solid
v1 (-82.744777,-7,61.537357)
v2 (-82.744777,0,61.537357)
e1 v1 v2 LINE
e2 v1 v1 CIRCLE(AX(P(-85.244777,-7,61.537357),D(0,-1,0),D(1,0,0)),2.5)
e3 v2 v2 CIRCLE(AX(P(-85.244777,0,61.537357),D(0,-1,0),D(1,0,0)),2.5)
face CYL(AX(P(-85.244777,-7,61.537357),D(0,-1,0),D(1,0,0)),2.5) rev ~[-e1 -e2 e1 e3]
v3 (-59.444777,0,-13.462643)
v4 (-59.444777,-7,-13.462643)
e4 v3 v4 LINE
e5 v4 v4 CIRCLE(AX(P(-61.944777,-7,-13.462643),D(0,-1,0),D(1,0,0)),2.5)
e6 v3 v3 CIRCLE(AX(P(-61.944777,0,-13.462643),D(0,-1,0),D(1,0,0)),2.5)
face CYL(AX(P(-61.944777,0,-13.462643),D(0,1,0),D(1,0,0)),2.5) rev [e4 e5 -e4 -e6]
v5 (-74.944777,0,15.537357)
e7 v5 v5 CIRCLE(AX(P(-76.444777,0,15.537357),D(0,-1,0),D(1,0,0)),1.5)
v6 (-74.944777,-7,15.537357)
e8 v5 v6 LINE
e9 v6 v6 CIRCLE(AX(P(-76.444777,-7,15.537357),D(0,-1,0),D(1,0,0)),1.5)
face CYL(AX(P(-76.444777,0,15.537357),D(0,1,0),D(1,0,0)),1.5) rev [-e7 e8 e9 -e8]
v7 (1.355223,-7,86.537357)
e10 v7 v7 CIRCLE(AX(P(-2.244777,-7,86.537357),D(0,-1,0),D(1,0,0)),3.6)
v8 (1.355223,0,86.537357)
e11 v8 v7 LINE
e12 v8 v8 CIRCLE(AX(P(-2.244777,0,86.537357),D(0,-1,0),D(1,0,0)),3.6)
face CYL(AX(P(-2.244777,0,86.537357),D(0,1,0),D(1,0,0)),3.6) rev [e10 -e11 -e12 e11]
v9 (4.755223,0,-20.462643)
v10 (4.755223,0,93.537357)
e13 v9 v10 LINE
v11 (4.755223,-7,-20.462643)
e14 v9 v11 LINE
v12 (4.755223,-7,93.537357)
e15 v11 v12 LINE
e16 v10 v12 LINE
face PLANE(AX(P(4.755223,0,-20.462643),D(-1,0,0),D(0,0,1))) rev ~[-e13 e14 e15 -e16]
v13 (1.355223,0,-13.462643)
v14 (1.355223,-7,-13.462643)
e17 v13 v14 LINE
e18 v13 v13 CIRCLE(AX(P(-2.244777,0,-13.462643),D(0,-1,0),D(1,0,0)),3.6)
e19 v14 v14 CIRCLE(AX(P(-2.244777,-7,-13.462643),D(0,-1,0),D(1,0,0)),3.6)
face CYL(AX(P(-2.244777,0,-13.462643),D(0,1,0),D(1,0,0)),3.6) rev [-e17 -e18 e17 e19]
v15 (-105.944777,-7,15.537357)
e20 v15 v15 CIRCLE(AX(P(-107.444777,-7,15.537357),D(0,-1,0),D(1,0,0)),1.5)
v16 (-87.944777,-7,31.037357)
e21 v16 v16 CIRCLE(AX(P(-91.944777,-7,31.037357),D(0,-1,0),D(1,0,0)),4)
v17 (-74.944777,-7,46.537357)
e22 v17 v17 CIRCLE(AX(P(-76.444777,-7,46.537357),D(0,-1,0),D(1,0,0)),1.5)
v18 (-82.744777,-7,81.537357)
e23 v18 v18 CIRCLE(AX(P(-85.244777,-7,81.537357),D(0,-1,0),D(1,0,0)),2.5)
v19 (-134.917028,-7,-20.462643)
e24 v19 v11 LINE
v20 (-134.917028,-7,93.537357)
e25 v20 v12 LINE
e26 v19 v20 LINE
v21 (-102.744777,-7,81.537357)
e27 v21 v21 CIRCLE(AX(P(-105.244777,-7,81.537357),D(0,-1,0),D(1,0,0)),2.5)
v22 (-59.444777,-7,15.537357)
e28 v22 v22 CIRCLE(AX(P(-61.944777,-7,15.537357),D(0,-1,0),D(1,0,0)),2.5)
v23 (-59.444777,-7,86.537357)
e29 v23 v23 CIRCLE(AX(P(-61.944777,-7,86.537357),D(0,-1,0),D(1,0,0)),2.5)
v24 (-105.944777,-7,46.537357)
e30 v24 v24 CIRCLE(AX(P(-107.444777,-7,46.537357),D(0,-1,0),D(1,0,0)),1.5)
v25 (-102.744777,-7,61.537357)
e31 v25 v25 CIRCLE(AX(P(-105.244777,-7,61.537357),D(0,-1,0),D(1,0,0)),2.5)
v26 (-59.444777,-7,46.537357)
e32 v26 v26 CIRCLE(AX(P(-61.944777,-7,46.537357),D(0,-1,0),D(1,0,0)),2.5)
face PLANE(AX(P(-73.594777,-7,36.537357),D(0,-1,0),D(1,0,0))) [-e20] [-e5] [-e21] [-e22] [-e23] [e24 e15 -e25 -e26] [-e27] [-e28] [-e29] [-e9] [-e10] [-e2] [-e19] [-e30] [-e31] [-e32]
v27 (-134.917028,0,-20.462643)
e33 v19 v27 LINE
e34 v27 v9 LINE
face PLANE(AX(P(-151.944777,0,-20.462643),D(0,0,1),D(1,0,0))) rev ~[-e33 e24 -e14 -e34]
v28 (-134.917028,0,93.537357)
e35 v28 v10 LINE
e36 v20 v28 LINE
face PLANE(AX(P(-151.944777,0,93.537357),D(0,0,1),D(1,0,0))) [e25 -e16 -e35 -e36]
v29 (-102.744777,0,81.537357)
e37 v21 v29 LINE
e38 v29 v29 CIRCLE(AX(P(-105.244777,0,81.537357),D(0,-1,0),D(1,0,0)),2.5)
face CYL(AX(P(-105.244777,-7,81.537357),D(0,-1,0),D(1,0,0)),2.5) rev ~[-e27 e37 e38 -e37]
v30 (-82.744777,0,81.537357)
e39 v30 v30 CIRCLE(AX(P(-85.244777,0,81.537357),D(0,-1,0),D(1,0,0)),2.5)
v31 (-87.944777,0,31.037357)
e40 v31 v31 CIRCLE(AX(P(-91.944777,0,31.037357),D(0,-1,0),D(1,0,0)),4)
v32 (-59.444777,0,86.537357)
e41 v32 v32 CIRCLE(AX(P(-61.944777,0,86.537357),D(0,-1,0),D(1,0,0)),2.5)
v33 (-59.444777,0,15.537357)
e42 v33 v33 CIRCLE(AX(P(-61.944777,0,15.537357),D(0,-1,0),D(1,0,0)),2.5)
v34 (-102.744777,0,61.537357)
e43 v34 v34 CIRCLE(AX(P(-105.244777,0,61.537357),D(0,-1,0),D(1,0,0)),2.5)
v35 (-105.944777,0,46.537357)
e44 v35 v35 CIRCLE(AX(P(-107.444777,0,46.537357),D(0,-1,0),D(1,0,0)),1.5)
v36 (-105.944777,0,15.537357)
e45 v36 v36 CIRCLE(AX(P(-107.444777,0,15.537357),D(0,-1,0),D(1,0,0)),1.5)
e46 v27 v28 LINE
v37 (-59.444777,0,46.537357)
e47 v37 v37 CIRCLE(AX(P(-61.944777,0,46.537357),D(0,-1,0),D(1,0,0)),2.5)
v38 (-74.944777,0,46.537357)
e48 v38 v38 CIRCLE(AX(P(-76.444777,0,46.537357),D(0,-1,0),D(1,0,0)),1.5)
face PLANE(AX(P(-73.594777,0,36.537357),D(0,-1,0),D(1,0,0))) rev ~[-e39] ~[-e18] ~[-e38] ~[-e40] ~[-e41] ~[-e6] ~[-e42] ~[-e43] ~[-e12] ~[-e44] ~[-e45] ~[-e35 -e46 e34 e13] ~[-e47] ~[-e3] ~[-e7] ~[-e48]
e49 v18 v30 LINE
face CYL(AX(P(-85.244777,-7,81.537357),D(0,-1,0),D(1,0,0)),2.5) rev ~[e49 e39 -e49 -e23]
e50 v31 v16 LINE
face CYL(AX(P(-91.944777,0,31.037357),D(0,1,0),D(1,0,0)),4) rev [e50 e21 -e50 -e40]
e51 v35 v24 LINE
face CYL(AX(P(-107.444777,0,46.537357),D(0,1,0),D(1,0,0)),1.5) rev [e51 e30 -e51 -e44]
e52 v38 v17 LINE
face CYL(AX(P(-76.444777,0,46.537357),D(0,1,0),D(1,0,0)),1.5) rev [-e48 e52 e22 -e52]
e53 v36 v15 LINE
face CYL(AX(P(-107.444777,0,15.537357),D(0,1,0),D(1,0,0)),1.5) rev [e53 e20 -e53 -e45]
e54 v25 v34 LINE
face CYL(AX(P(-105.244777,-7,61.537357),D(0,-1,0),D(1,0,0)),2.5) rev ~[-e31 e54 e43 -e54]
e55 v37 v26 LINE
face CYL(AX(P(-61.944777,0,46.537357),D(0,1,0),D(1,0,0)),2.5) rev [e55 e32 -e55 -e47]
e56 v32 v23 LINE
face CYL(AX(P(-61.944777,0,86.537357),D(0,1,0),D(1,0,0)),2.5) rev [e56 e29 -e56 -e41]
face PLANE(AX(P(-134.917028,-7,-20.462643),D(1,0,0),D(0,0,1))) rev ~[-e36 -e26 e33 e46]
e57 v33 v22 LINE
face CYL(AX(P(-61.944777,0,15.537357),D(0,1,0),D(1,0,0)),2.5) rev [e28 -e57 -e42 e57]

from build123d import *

# Parameters (mm, degrees)
F0_W     = 156.7
F0_H     = 114
F0_R     = 1.5
F0_R_2   = 11
F0_R_3   = 2.5
F0_R_4   = 3.6
F0_R_5   = 4
F1_DEPTH = 7
F2_R     = 2.5
F2_W     = 17.027749
F2_H     = 114
F3_DEPTH = 25


with BuildPart() as f1:
    # F0 (on Front) → F1 (new body)
    with BuildSketch(Plane.XZ):
        with Locations((-73.594777, 36.537357)):
            Rectangle(F0_W, F0_H)
        with Locations((-107.444777, 15.537357)):
            Circle(F0_R, mode=Mode.SUBTRACT)
        with Locations((-76.444777, 15.537357)):
            Circle(F0_R, mode=Mode.SUBTRACT)
        with Locations((-91.944777, 31.037357)):
            Circle(F0_R_2, mode=Mode.SUBTRACT)
        with Locations((-61.944777, -13.462643)):
            Circle(F0_R_3, mode=Mode.SUBTRACT)
        with Locations((-2.244777, -13.462643)):
            Circle(F0_R_4, mode=Mode.SUBTRACT)
        with Locations((-61.944777, 15.537357)):
            Circle(F0_R_3, mode=Mode.SUBTRACT)
        with Locations((-107.444777, 46.537357)):
            Circle(F0_R, mode=Mode.SUBTRACT)
        with Locations((-76.444777, 46.537357)):
            Circle(F0_R, mode=Mode.SUBTRACT)
        with Locations((-61.944777, 46.537357)):
            Circle(F0_R_3, mode=Mode.SUBTRACT)
        with Locations((-61.944777, 86.537357)):
            Circle(F0_R_3, mode=Mode.SUBTRACT)
        with Locations((-2.244777, 86.537357)):
            Circle(F0_R_4, mode=Mode.SUBTRACT)
        with Locations((-91.944777, 31.037357)):
            Circle(F0_R_2)
        with Locations((-91.944777, 31.037357)):
            Circle(F0_R_5, mode=Mode.SUBTRACT)
    extrude(amount=F1_DEPTH)

    # F2 (on face) → F3 (cut)
    with BuildSketch(Plane.XZ.offset(7)):
        with Locations((-105.244777, 81.537357)):
            Circle(F2_R)
        with Locations((-105.244777, 61.537357)):
            Circle(F2_R)
        with Locations((-85.244777, 61.537357)):
            Circle(F2_R)
        with Locations((-85.244777, 81.537357)):
            Circle(F2_R)
        with Locations((-143.430903, 36.537357)):
            Rectangle(F2_W, F2_H)
    extrude(amount=-F3_DEPTH, mode=Mode.SUBTRACT)


solid = f1.part
